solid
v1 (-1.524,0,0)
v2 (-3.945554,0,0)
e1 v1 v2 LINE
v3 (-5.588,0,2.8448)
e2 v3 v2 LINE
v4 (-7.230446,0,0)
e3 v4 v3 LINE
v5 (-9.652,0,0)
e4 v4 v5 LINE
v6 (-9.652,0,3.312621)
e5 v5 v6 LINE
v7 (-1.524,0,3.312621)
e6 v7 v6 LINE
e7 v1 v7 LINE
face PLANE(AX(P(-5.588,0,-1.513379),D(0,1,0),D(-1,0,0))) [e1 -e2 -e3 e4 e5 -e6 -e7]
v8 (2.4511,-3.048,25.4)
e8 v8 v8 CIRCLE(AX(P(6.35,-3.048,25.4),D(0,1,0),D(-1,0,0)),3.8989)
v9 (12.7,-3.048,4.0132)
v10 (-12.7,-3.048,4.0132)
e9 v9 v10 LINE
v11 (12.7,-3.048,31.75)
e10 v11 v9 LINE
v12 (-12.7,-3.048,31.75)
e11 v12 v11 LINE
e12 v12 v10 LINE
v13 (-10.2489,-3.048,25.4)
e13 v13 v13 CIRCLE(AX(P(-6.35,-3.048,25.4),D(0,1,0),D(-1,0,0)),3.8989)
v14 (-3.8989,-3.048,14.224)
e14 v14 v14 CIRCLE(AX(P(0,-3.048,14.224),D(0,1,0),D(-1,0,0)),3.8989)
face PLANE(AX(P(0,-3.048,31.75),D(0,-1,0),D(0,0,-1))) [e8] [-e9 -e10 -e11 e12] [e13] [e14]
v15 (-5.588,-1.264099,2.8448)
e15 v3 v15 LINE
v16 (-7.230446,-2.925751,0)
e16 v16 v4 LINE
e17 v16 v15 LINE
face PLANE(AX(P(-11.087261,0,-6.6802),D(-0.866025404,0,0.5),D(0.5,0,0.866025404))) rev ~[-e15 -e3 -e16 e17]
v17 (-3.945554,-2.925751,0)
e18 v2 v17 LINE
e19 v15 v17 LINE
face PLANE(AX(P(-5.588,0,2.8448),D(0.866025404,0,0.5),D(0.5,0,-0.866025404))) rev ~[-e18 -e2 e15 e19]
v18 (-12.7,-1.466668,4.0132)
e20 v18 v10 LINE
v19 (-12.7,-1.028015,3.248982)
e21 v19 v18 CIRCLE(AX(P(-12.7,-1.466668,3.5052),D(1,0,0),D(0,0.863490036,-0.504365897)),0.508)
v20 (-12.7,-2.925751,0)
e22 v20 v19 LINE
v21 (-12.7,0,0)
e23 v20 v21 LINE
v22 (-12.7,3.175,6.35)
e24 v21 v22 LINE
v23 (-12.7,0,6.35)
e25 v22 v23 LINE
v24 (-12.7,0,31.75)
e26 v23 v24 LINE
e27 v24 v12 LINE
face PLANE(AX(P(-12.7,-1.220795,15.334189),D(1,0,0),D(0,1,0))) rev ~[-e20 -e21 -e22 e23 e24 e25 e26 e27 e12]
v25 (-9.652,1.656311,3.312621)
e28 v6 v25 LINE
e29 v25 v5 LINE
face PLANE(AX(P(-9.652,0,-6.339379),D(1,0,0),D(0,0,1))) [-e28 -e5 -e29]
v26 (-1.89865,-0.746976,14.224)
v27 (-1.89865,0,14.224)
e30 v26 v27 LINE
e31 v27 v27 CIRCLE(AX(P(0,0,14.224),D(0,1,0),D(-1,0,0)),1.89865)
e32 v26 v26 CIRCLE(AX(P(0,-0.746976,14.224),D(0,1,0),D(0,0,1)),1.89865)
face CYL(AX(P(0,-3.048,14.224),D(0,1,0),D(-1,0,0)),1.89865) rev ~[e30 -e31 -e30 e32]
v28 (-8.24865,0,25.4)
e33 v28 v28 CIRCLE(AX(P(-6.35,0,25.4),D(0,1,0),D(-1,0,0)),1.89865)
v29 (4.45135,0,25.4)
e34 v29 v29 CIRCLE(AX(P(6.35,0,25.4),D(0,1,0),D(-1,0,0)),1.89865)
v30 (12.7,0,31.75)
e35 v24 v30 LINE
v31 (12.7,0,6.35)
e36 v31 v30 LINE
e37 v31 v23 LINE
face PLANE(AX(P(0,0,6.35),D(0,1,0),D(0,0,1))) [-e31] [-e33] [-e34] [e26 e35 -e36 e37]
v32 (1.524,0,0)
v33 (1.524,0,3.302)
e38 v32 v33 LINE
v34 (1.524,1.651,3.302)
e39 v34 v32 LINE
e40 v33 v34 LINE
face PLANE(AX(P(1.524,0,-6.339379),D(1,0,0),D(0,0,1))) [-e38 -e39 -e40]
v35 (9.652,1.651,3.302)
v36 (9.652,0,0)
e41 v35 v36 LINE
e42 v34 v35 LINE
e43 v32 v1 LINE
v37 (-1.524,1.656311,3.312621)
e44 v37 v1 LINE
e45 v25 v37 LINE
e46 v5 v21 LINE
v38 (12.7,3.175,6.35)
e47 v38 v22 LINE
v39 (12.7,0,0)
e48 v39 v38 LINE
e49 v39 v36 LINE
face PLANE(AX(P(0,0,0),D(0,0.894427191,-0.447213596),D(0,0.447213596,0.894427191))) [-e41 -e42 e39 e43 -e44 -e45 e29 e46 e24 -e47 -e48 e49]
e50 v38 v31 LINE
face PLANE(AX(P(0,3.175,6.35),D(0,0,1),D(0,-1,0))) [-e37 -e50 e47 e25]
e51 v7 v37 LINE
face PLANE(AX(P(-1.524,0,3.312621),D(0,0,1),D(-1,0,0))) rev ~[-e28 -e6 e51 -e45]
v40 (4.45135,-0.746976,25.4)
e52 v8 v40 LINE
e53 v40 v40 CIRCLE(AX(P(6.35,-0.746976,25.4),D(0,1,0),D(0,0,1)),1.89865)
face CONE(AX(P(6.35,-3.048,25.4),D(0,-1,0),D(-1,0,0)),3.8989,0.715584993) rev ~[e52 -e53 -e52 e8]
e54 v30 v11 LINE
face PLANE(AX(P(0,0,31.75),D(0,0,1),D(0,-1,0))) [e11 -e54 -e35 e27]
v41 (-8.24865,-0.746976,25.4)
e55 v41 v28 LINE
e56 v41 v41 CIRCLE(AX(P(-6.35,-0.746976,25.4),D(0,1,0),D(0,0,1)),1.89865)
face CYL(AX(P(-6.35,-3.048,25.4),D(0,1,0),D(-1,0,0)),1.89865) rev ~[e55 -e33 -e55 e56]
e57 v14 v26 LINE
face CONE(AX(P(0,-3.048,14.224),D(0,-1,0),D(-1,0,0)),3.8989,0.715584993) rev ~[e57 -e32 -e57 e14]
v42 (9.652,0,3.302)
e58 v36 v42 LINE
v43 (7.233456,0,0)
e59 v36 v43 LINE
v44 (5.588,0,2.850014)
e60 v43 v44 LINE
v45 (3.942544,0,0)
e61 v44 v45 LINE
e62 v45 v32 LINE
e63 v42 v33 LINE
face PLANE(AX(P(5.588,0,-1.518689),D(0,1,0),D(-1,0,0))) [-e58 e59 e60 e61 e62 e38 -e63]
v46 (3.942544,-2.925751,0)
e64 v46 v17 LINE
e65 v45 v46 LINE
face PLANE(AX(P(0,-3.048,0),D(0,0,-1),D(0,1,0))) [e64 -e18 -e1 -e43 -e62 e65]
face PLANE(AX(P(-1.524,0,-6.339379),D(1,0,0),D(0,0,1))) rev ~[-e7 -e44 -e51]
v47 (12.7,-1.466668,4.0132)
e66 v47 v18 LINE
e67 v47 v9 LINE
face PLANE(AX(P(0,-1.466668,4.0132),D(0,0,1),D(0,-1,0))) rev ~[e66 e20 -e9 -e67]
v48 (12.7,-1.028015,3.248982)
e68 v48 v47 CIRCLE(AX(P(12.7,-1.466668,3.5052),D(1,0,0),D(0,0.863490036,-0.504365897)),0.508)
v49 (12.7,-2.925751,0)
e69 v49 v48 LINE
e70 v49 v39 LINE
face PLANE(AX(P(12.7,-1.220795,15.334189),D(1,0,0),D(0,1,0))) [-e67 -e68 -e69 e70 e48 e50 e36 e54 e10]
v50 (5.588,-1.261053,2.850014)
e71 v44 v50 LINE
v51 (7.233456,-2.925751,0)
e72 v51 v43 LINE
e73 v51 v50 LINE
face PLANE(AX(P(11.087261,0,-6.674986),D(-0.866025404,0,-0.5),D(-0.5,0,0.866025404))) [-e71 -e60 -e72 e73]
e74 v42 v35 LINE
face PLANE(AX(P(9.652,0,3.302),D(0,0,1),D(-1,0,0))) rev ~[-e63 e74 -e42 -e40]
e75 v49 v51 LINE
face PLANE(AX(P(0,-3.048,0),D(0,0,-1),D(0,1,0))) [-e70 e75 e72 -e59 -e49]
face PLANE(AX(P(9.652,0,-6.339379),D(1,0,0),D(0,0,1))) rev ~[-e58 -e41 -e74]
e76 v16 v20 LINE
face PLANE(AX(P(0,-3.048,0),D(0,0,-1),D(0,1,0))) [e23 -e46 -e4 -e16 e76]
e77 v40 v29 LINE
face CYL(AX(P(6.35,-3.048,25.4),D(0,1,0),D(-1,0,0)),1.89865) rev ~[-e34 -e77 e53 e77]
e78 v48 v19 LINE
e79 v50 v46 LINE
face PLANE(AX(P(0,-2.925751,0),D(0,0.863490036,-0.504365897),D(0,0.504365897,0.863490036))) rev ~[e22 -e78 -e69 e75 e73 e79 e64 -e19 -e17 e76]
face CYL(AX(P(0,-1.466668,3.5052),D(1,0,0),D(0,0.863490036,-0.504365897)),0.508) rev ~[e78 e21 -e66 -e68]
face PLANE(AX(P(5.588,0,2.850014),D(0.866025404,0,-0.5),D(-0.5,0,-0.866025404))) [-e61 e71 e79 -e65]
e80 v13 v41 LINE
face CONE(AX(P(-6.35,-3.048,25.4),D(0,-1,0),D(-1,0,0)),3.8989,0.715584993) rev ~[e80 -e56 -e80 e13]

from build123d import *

# Parameters (mm, degrees)
F1_DEPTH       = 12.7
F3_D           = 3.7973
F3_CSINK_D     = 7.7978
F3_CSINK_ANGLE = 82
F4_W           = 8.128
F4_H           = 9.6413786206
F4_H_2         = 9.652
F5_DEPTH       = 25.4
F7_DEPTH       = 12.7
F9_DEPTH       = 25.4
F11_DEPTH      = 25.4


with BuildPart() as f1:
    # F0 (on Right) → F1 (new body, symmetric)
    with BuildSketch(Plane.YZ):
        Polygon((0, 6.35), (0, 31.75), (-3.048, 31.75), (-3.048, 0), (0, 0), (3.175, 6.35), align=None)
    extrude(amount=F1_DEPTH, both=True)

    # F3 (through all)
    with Locations(Plane.XZ.offset(3.048)):
        with Locations((-6.35, 25.4), (6.35, 25.4), (0, 14.224)):
            CounterSinkHole(F3_D / 2, F3_CSINK_D / 2, counter_sink_angle=F3_CSINK_ANGLE)

    # F4 (on face) → F5 (cut)
    with BuildSketch(Plane(origin=(0, 0, 0), x_dir=(-1, 0, 0), z_dir=(0, 1, 0))):
        with Locations((-5.588, -1.5186893103)):
            Rectangle(F4_W, F4_H)
        with Locations((5.588, -1.5133786206)):
            Rectangle(F4_W, F4_H_2)
    extrude(amount=F5_DEPTH, mode=Mode.SUBTRACT)

    # F6 (on Right) → F7 (cut, symmetric)
    with BuildSketch(Plane.YZ):
        with BuildLine():
            Line((-1.4666680983, 4.0132), (-4.4497507624, 4.0132))
            Line((-4.4497507624, 4.0132), (-4.4497507624, 0))
            Line((-4.4497507624, 0), (-2.9257507624, 0))
            Line((-2.9257507624, 0), (-1.0280151601, 3.2489821244))
            ThreePointArc((-1.0280151601, 3.2489821244), (-1.0260874129, 3.7580886308), (-1.4666680983, 4.0132))
        make_face()
    extrude(amount=F7_DEPTH, both=True, mode=Mode.SUBTRACT)

    # F8 (on Front) → F9 (cut)
    with BuildSketch(Plane.XZ):
        Polygon((0.088738686, -6.674986371), (11.087261314, -6.674986371), (5.588, 2.850013629), align=None)
    extrude(amount=F9_DEPTH, mode=Mode.SUBTRACT)

    # F10 (on face) → F11 (cut)
    with BuildSketch(Plane(origin=(0, 0, 0), x_dir=(-1, 0, 0), z_dir=(0, 1, 0))):
        Polygon((0.088738686, -6.6802), (11.087261314, -6.6802), (5.588, 2.8448), align=None)
    extrude(amount=-F11_DEPTH, mode=Mode.SUBTRACT)


solid = f1.part
